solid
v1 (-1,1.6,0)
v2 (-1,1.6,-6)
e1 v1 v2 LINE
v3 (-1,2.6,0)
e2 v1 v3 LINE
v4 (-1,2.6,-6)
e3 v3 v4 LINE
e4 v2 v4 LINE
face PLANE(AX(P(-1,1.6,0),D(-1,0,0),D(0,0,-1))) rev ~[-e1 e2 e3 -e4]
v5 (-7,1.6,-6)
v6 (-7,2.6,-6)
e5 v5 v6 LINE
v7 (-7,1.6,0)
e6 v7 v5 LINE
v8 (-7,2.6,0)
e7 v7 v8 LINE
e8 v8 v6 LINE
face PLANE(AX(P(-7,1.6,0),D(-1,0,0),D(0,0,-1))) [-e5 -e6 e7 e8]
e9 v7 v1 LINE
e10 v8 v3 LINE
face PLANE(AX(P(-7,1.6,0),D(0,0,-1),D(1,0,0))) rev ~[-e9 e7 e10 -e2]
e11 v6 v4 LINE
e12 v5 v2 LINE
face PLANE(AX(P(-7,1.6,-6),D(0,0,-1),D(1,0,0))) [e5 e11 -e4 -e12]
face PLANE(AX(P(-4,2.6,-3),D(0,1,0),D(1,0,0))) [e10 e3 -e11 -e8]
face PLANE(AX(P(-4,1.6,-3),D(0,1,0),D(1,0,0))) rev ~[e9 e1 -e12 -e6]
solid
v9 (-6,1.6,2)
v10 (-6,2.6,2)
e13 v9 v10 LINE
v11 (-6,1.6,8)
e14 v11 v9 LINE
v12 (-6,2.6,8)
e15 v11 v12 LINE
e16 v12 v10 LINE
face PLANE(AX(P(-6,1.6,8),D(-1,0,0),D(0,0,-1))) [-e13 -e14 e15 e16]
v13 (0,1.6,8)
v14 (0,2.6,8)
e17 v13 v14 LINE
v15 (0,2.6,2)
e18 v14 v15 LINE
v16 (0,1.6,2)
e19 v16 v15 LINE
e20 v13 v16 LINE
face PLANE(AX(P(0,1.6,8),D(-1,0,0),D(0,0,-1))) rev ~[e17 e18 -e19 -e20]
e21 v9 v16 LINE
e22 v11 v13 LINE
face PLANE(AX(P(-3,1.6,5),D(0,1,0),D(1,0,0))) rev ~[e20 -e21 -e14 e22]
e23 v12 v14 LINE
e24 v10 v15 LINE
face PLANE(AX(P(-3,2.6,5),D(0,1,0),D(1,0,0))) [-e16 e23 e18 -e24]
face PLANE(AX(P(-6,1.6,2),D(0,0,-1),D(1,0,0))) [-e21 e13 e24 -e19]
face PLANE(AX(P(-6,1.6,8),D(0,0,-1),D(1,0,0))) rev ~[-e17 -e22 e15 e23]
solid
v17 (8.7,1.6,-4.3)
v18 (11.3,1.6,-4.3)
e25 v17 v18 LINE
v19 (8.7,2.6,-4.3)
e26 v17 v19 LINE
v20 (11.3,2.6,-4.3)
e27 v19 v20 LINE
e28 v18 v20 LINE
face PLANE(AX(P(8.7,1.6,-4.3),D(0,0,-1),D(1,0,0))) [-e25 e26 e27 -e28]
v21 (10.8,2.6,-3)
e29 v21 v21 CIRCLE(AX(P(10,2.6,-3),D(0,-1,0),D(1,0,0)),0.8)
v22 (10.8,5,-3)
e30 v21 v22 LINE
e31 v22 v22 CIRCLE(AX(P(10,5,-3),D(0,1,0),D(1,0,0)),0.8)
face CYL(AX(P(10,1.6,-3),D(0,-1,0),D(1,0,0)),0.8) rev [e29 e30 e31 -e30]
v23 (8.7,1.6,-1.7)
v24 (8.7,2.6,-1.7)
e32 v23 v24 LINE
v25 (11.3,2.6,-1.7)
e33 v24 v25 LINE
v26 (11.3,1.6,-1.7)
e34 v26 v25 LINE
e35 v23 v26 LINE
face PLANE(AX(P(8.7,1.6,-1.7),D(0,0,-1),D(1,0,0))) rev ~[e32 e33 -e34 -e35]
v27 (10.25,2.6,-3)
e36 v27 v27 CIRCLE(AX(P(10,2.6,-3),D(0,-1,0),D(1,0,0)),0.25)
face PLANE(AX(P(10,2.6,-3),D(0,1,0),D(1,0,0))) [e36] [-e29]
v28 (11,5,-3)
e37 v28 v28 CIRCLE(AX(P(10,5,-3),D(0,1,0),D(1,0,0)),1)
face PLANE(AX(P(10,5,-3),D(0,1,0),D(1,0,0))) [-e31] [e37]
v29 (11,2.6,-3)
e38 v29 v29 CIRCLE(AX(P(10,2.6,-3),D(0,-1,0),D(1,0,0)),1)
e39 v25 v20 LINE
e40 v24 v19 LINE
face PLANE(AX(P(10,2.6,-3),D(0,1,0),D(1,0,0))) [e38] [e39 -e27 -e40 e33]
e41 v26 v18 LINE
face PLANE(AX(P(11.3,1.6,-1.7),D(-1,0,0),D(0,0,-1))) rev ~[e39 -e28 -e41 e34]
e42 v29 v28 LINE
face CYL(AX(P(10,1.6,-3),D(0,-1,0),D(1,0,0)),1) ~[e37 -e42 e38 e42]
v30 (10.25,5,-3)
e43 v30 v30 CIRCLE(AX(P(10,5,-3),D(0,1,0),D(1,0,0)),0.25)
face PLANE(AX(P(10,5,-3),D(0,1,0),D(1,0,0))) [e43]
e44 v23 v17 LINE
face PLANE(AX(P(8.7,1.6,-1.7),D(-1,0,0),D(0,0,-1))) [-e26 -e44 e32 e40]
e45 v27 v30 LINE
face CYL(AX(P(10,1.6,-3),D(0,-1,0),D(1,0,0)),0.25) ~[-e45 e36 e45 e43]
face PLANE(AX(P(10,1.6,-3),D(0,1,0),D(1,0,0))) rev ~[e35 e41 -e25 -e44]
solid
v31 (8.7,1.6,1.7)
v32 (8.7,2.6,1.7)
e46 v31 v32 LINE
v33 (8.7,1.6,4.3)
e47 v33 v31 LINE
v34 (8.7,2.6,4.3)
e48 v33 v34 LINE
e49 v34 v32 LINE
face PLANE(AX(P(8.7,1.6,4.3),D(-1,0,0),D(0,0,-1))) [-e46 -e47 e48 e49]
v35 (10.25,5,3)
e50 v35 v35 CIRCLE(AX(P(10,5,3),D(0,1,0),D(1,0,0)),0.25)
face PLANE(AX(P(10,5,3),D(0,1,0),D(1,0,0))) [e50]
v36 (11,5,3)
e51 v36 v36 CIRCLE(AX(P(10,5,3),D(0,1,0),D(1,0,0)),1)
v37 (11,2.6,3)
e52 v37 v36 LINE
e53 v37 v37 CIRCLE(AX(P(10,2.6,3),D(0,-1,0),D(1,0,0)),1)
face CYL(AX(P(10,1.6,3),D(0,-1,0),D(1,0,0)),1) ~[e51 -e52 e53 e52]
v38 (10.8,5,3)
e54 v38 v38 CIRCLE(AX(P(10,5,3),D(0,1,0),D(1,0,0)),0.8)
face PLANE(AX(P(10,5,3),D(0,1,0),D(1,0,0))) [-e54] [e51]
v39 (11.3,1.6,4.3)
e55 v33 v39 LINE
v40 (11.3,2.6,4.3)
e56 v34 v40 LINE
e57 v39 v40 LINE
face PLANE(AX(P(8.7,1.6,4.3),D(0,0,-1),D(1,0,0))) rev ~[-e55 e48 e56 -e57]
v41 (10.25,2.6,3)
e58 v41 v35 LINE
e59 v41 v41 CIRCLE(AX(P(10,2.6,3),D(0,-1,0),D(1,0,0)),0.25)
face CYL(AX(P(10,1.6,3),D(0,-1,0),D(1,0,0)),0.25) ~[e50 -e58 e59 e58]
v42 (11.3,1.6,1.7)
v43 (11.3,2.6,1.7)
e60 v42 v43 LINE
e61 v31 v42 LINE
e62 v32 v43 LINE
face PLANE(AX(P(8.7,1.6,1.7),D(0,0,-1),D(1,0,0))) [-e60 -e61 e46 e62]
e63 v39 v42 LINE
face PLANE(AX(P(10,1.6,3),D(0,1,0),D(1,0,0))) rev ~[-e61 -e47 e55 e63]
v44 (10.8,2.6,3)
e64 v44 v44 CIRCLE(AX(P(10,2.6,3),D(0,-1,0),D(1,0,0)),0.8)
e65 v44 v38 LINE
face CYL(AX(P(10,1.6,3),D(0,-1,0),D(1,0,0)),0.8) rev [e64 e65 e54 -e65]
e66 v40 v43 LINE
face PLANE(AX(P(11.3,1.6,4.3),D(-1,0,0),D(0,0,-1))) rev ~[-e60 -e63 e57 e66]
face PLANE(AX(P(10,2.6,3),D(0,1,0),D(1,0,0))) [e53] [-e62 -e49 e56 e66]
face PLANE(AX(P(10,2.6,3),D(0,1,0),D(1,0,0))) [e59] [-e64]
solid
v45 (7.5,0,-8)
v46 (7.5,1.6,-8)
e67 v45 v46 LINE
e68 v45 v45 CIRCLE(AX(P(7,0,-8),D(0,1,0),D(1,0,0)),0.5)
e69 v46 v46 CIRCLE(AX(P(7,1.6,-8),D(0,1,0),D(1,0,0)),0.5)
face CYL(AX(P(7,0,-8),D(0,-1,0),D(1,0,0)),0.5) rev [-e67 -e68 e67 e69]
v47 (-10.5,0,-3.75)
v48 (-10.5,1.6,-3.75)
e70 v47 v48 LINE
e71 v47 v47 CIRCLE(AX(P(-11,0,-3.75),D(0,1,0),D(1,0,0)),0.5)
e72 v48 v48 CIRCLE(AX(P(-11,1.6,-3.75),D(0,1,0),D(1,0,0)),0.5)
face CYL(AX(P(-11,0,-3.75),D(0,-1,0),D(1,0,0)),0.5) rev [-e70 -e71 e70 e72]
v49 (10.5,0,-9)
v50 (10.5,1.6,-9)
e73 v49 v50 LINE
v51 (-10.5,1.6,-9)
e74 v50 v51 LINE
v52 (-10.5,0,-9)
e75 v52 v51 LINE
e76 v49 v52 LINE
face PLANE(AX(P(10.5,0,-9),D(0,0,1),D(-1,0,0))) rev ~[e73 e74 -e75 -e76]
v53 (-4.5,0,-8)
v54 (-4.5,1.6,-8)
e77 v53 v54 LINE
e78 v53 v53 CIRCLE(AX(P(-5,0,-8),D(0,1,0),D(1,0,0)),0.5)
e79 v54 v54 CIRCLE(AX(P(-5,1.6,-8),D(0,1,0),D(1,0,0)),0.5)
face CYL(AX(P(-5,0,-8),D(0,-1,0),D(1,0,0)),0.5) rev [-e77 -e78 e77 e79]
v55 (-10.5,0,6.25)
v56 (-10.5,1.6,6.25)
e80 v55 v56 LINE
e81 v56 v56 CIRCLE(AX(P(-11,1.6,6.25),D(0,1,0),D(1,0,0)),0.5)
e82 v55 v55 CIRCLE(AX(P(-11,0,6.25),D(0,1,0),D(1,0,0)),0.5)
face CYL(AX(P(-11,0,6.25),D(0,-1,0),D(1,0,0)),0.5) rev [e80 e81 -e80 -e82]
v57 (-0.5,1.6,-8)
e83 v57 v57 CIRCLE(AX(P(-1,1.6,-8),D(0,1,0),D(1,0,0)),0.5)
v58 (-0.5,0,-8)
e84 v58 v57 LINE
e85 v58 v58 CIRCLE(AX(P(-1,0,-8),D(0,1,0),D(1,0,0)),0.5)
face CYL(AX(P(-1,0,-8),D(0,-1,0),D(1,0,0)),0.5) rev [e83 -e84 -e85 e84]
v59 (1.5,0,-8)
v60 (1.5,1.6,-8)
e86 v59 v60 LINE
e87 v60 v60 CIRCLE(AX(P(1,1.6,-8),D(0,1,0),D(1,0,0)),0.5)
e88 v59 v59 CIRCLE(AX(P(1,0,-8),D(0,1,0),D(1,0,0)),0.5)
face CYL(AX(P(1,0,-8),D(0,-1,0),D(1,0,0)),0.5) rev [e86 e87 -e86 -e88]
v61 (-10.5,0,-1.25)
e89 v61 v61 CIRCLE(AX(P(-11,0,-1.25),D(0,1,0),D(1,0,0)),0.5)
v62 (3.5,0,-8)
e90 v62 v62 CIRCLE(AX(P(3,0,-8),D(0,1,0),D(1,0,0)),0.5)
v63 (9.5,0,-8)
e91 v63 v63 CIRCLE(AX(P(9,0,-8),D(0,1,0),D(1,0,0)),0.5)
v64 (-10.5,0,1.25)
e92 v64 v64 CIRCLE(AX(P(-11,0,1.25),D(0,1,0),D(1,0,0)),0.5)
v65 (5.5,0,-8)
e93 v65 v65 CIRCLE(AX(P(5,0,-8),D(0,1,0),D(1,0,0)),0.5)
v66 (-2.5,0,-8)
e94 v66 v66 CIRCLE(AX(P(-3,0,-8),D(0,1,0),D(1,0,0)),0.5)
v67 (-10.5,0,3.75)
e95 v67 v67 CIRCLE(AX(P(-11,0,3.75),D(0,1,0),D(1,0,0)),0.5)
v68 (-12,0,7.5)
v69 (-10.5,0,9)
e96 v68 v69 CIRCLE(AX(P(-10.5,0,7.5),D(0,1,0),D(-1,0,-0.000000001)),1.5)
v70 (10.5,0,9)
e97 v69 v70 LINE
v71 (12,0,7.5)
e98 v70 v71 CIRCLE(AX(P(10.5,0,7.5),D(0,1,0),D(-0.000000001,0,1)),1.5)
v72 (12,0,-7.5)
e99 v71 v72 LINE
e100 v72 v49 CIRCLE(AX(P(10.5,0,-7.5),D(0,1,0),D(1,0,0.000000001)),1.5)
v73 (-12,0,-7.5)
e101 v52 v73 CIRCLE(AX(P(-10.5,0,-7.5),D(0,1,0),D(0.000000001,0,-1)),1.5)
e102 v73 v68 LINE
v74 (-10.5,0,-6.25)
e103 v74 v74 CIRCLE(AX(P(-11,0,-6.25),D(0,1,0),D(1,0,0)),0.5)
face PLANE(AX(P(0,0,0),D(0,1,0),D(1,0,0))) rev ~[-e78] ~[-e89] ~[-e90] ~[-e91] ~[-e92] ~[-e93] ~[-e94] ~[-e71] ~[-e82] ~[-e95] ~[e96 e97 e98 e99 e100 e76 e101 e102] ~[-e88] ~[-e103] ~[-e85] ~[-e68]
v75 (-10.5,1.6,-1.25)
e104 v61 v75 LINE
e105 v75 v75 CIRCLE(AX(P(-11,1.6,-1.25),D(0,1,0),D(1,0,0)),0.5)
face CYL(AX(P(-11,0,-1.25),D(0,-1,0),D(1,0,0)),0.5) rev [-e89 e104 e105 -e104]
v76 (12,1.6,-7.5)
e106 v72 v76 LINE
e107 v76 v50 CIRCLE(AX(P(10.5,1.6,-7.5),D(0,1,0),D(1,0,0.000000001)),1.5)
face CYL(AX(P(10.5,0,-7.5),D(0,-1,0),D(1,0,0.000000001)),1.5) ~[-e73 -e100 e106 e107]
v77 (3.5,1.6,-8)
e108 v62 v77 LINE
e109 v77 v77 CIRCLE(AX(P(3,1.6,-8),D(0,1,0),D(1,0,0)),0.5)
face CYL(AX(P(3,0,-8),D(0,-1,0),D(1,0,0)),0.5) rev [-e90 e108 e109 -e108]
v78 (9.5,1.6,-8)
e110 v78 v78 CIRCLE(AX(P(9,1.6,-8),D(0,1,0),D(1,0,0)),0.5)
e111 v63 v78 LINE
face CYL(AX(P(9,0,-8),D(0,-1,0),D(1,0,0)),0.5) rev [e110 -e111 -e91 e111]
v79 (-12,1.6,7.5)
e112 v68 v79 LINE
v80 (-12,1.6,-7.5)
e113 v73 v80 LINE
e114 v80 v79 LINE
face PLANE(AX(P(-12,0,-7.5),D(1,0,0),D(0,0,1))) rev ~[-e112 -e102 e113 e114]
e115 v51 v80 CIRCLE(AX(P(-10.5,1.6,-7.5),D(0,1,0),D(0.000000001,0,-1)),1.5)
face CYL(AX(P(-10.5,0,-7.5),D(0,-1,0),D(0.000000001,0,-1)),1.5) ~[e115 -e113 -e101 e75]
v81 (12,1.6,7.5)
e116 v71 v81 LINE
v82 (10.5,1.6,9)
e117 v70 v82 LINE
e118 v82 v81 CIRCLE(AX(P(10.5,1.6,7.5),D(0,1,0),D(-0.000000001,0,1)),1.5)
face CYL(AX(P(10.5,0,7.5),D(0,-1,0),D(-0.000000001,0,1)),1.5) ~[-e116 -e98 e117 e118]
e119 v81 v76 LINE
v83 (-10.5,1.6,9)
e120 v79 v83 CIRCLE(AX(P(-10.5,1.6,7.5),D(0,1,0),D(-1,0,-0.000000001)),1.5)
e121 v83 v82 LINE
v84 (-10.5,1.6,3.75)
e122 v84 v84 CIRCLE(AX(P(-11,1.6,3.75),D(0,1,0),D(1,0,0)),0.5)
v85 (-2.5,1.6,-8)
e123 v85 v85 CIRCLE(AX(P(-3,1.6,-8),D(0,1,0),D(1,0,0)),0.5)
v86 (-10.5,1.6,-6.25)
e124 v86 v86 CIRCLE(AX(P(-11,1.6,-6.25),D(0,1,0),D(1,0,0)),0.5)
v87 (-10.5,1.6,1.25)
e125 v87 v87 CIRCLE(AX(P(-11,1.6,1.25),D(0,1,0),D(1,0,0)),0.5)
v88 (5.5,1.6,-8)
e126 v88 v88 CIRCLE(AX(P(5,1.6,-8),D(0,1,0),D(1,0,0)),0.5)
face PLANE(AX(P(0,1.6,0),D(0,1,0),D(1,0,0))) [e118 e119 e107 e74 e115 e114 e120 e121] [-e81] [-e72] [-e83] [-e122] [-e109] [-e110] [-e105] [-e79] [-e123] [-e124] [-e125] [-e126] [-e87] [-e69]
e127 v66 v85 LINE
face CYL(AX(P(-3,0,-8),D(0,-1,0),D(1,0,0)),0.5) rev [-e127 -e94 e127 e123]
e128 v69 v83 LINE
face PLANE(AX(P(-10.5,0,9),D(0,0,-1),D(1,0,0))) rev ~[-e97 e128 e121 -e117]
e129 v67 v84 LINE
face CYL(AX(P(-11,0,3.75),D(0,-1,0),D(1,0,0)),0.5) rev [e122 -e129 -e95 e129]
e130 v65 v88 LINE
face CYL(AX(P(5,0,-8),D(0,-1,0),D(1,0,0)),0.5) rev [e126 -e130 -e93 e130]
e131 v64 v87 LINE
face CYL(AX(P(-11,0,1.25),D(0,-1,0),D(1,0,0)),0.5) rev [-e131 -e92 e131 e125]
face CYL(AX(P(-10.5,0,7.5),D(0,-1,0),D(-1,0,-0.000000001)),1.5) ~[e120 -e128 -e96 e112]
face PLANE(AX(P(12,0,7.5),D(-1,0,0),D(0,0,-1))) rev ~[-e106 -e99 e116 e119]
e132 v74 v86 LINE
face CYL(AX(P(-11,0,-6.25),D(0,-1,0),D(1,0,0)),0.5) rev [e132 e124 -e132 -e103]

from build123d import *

# Parameters (mm, degrees)
SKETCH1_R             = 0.5
BOSS_EXTRUDE1_DEPTH   = 1.6
SKETCH2_W             = 6
SKETCH2_H             = 6
BOSS_EXTRUDE2_DEPTH   = 1
BOSS_EXTRUDE2_2_DEPTH = 1
SKETCH3_R             = 1
SKETCH3_R_2           = 0.8
BOSS_EXTRUDE3_DEPTH   = 3.4
SKETCH3_R_3           = 0.25
BOSS_EXTRUDE3_2_DEPTH = 3.4
BOSS_EXTRUDE3_3_DEPTH = 3.4
BOSS_EXTRUDE3_4_DEPTH = 3.4
SKETCH4_W             = 2.6
SKETCH4_H             = 2.6
BOSS_EXTRUDE4_DEPTH   = 1
BOSS_EXTRUDE4_2_DEPTH = 1


with BuildPart() as part:
    # Sketch1 → Boss-Extrude1 (new body)
    with BuildSketch(Plane(origin=(0, 0, 0), x_dir=(1, 0, 0), z_dir=(0, 1, 0))):
        with BuildLine():
            Line((-12, 7.5), (-12, -7.5))
            ThreePointArc((-12, -7.5), (-11.560660172, -8.560660172), (-10.5, -9))
            Line((-10.5, -9), (10.5, -9))
            ThreePointArc((10.5, -9), (11.560660172, -8.560660172), (12, -7.5))
            Line((12, -7.5), (12, 7.5))
            ThreePointArc((12, 7.5), (11.560660172, 8.560660172), (10.5, 9))
            Line((10.5, 9), (-10.5, 9))
            ThreePointArc((-10.5, 9), (-11.560660172, 8.560660172), (-12, 7.5))
        make_face()
        with Locations((-11, 6.25)):
            Circle(SKETCH1_R, mode=Mode.SUBTRACT)
        with Locations((-11, 3.75)):
            Circle(SKETCH1_R, mode=Mode.SUBTRACT)
        with Locations((-11, 1.25)):
            Circle(SKETCH1_R, mode=Mode.SUBTRACT)
        with Locations((-11, -1.25)):
            Circle(SKETCH1_R, mode=Mode.SUBTRACT)
        with Locations((-11, -3.75)):
            Circle(SKETCH1_R, mode=Mode.SUBTRACT)
        with Locations((-11, -6.25)):
            Circle(SKETCH1_R, mode=Mode.SUBTRACT)
        with Locations((9, 8)):
            Circle(SKETCH1_R, mode=Mode.SUBTRACT)
        with Locations((7, 8)):
            Circle(SKETCH1_R, mode=Mode.SUBTRACT)
        with Locations((5, 8)):
            Circle(SKETCH1_R, mode=Mode.SUBTRACT)
        with Locations((3, 8)):
            Circle(SKETCH1_R, mode=Mode.SUBTRACT)
        with Locations((1, 8)):
            Circle(SKETCH1_R, mode=Mode.SUBTRACT)
        with Locations((-1, 8)):
            Circle(SKETCH1_R, mode=Mode.SUBTRACT)
        with Locations((-3, 8)):
            Circle(SKETCH1_R, mode=Mode.SUBTRACT)
        with Locations((-5, 8)):
            Circle(SKETCH1_R, mode=Mode.SUBTRACT)
    extrude(amount=BOSS_EXTRUDE1_DEPTH)


with BuildPart() as body_2:
    # Sketch2 → Boss-Extrude2 (new body)
    with BuildSketch(Plane(origin=(0, 1.6, 0), x_dir=(1, 0, 0), z_dir=(0, 1, 0))):
        with Locations((-4, 3)):
            Rectangle(SKETCH2_W, SKETCH2_H)
    extrude(amount=BOSS_EXTRUDE2_DEPTH)


with BuildPart() as body_3:
    # Sketch2 → Boss-Extrude2 2 (new body)
    with BuildSketch(Plane(origin=(0, 1.6, 0), x_dir=(1, 0, 0), z_dir=(0, 1, 0))):
        with Locations((-3, -5)):
            Rectangle(SKETCH2_W, SKETCH2_H)
    extrude(amount=BOSS_EXTRUDE2_2_DEPTH)


with BuildPart() as body_4:
    # Sketch3 → Boss-Extrude3 (new body)
    with BuildSketch(Plane(origin=(0, 1.6, 0), x_dir=(1, 0, 0), z_dir=(0, 1, 0))):
        with Locations((10, -3)):
            Circle(SKETCH3_R)
        with Locations((10, -3)):
            Circle(SKETCH3_R_2, mode=Mode.SUBTRACT)
    extrude(amount=BOSS_EXTRUDE3_DEPTH)


with BuildPart() as body_5:
    # Sketch3 → Boss-Extrude3 2 (new body)
    with BuildSketch(Plane(origin=(0, 1.6, 0), x_dir=(1, 0, 0), z_dir=(0, 1, 0))):
        with Locations((10, -3)):
            Circle(SKETCH3_R_3)
    extrude(amount=BOSS_EXTRUDE3_2_DEPTH)


with BuildPart() as body_6:
    # Sketch3 → Boss-Extrude3 3 (new body)
    with BuildSketch(Plane(origin=(0, 1.6, 0), x_dir=(1, 0, 0), z_dir=(0, 1, 0))):
        with Locations((10, 3)):
            Circle(SKETCH3_R)
        with Locations((10, 3)):
            Circle(SKETCH3_R_2, mode=Mode.SUBTRACT)
    extrude(amount=BOSS_EXTRUDE3_3_DEPTH)


with BuildPart() as body_7:
    # Sketch3 → Boss-Extrude3 4 (new body)
    with BuildSketch(Plane(origin=(0, 1.6, 0), x_dir=(1, 0, 0), z_dir=(0, 1, 0))):
        with Locations((10, 3)):
            Circle(SKETCH3_R_3)
    extrude(amount=BOSS_EXTRUDE3_4_DEPTH)


with BuildPart() as body_8:
    # Sketch4 → Boss-Extrude4 (new body)
    with BuildSketch(Plane(origin=(0, 1.6, 0), x_dir=(1, 0, 0), z_dir=(0, 1, 0))):
        with Locations((10, 3)):
            Rectangle(SKETCH4_W, SKETCH4_H)
    extrude(amount=BOSS_EXTRUDE4_DEPTH)


with BuildPart() as body_9:
    # Sketch4 → Boss-Extrude4 2 (new body)
    with BuildSketch(Plane(origin=(0, 1.6, 0), x_dir=(1, 0, 0), z_dir=(0, 1, 0))):
        with Locations((10, -3)):
            Rectangle(SKETCH4_W, SKETCH4_H)
    extrude(amount=BOSS_EXTRUDE4_2_DEPTH)

    # Combine3: union body 4, body 5
    add(body_4.part)
    add(body_5.part)


with BuildPart() as body_6_1:
    add(body_6.part)

    # Combine2: union body 8, body 7
    add(body_8.part)
    add(body_7.part)


solid = Compound([part.part, body_2.part, body_3.part, body_9.part, body_6_1.part])
